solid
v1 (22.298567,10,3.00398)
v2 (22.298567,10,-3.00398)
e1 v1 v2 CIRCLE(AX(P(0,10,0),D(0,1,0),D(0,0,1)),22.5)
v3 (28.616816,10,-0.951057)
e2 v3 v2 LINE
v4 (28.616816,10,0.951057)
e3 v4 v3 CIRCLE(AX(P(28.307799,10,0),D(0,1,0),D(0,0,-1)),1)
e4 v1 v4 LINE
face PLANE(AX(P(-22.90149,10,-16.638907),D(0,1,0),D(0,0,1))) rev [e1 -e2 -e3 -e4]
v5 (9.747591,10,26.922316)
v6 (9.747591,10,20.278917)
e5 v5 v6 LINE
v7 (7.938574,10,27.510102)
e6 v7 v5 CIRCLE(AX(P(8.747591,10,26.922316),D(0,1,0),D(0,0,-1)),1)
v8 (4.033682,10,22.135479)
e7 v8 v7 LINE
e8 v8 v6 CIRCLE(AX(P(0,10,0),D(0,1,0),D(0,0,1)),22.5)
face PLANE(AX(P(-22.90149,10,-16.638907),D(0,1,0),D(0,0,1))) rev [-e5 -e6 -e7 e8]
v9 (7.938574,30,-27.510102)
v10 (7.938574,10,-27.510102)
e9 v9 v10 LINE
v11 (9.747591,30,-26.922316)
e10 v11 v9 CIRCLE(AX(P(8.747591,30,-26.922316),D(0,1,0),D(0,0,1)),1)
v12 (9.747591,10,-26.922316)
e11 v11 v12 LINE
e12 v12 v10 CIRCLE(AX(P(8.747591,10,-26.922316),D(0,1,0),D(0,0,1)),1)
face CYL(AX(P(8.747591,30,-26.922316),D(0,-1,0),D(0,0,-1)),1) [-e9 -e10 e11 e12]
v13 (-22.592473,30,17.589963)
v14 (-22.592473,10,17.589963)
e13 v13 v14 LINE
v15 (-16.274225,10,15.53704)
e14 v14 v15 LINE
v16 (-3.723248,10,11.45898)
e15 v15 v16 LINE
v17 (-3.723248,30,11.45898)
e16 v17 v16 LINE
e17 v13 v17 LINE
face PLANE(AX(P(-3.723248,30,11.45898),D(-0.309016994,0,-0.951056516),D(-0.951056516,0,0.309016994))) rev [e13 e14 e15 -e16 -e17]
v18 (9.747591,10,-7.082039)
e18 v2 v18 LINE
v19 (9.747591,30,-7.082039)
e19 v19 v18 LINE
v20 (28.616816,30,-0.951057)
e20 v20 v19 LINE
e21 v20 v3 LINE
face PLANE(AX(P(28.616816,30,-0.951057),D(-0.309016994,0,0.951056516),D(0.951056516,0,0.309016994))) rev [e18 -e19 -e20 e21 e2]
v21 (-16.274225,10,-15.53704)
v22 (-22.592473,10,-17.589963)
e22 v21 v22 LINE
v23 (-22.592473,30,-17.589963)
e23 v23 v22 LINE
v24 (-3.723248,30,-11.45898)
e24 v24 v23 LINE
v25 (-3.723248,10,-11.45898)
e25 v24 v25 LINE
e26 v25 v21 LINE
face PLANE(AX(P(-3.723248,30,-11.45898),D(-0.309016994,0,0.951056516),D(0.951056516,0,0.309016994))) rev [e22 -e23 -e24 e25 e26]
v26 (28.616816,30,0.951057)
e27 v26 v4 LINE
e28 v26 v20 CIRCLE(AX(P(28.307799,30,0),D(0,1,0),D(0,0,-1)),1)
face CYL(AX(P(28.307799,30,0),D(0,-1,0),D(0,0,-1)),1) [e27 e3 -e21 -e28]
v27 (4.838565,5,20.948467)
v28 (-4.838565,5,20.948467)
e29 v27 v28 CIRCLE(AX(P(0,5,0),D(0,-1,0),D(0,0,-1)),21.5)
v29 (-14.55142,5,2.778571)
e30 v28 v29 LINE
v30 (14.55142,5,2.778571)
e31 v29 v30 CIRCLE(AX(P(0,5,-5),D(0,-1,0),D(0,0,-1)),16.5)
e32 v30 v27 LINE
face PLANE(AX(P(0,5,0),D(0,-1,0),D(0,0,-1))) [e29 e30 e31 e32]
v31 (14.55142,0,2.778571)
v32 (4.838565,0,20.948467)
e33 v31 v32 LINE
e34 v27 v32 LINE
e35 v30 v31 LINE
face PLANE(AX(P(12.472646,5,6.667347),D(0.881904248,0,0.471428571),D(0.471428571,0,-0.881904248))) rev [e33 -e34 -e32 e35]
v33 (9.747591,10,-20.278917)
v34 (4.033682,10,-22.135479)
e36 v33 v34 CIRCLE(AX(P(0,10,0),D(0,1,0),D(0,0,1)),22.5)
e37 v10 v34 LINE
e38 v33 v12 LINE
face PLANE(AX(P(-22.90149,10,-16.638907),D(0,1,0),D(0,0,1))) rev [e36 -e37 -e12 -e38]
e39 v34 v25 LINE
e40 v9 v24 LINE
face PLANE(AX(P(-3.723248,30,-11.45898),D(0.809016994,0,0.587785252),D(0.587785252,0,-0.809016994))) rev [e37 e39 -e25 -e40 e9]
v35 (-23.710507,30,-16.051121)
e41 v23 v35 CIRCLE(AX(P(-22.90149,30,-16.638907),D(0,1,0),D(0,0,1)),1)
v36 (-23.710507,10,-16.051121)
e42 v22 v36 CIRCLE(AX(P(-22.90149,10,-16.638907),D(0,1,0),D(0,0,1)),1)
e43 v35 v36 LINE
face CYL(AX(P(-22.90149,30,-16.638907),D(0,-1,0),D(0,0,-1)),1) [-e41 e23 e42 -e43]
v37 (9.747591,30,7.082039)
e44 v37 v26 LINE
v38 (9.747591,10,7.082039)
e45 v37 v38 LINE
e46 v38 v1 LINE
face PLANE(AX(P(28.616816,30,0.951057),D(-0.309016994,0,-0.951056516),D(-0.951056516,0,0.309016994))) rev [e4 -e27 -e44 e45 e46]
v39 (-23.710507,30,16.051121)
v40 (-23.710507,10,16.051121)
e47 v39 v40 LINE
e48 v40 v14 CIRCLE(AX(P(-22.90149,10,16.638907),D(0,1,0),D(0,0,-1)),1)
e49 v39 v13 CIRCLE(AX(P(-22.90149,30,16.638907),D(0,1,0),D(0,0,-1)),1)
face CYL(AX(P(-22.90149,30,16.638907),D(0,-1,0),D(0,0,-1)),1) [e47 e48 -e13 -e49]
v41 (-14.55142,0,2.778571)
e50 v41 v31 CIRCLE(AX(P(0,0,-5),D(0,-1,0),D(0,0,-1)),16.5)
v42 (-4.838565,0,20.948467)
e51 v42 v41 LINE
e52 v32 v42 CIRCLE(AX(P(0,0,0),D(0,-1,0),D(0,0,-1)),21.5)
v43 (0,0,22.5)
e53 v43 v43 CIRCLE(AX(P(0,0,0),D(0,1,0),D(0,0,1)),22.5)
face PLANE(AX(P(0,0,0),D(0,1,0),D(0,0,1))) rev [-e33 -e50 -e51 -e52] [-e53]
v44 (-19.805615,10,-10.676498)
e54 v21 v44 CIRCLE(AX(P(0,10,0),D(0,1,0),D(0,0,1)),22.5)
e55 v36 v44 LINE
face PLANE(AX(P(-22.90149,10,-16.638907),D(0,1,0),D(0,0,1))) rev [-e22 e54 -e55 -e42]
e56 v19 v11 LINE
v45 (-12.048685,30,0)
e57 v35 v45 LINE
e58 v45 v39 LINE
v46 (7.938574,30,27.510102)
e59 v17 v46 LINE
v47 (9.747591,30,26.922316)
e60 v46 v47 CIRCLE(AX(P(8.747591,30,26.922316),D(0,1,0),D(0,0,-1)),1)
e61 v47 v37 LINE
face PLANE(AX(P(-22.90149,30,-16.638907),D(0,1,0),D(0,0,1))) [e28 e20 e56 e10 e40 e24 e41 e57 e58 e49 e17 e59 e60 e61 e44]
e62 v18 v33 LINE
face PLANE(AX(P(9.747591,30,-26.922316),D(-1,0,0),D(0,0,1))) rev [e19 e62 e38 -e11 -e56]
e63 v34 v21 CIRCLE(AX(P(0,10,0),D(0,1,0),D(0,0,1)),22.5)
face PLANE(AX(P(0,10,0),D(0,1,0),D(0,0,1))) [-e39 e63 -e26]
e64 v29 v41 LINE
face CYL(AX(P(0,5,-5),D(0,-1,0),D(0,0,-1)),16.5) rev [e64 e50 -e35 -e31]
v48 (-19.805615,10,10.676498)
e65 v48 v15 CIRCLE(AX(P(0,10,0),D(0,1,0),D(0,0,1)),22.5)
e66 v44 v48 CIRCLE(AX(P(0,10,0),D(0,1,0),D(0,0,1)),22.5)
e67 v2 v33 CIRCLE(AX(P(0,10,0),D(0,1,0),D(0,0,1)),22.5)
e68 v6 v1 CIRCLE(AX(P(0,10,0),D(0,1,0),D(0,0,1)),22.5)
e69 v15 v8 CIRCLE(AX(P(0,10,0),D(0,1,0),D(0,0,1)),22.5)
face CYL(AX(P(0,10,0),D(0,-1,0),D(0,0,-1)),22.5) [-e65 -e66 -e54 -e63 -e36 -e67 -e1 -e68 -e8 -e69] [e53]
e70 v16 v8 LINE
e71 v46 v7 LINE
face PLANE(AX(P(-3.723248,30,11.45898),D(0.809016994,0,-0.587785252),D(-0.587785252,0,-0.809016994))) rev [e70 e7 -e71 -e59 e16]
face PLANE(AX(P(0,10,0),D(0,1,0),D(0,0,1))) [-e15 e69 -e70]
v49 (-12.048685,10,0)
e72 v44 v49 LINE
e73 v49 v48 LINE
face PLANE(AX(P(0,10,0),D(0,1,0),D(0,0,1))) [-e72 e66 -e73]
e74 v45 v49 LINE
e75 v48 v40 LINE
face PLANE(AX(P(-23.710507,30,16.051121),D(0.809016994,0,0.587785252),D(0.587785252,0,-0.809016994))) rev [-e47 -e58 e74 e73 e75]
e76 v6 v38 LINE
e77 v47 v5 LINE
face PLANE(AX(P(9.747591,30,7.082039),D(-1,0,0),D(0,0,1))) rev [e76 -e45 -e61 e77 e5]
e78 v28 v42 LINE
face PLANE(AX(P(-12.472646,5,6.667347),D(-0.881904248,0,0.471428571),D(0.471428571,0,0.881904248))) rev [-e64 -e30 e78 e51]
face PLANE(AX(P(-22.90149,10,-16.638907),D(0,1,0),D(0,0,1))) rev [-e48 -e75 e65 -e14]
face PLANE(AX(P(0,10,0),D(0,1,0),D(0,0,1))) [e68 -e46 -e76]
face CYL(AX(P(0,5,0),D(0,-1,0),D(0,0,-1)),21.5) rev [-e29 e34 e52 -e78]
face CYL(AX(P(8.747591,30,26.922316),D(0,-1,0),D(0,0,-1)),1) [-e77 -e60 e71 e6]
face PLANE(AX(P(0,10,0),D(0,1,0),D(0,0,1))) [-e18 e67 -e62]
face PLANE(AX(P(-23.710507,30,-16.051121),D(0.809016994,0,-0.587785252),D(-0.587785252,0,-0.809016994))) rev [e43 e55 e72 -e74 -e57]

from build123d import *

# Parameters (mm, degrees)
SKETCH1_R           = 22.5
BOSS_EXTRUDE1_DEPTH = 10
BOSS_EXTRUDE2_DEPTH = 20
SKETCH3_R           = 16.5
CUT_EXTRUDE2_DEPTH  = 5


with BuildPart() as part:
    # Sketch1 → Boss-Extrude1 (new body)
    with BuildSketch(Plane(origin=(0, 0, 0), x_dir=(1, 0, 0), z_dir=(0, 1, 0))):
        Circle(SKETCH1_R)
    extrude(amount=BOSS_EXTRUDE1_DEPTH)

    # Sketch2 → Boss-Extrude2 (add)
    with BuildSketch(Plane(origin=(0, 10, 0), x_dir=(1, 0, 0), z_dir=(0, 1, 0))):
        with BuildLine():
            Line((9.747590887, 26.922316463), (9.747590887, 7.082039325))
            Line((9.747590887, 7.082039325), (28.616815744, 0.951056516))
            ThreePointArc((28.616815744, 0.951056516), (29.30779875, 0), (28.616815744, -0.951056516))
            Line((28.616815744, -0.951056516), (9.747590887, -7.082039325))
            Line((9.747590887, -7.082039325), (9.747590887, -26.922316463))
            ThreePointArc((9.747590887, -26.922316463), (9.056607881, -27.873372979), (7.938573893, -27.510101715))
            Line((7.938573893, -27.510101715), (-3.72324841, -11.458980338))
            Line((-3.72324841, -11.458980338), (-22.592473267, -17.589963146))
            ThreePointArc((-22.592473267, -17.589963146), (-23.710507256, -17.226691882), (-23.710507256, -16.051121378))
            Line((-23.710507256, -16.051121378), (-12.048684953, 0))
            Line((-12.048684953, 0), (-23.710507256, 16.051121378))
            ThreePointArc((-23.710507256, 16.051121378), (-23.710507256, 17.226691882), (-22.592473267, 17.589963146))
            Line((-22.592473267, 17.589963146), (-3.72324841, 11.458980338))
            Line((-3.72324841, 11.458980338), (7.938573893, 27.510101715))
            ThreePointArc((7.938573893, 27.510101715), (9.056607881, 27.873372979), (9.747590887, 26.922316463))
        make_face()
    extrude(amount=BOSS_EXTRUDE2_DEPTH)

    # Sketch3 → Cut-Extrude2 (cut)
    with BuildSketch(Plane.XZ):
        with BuildLine():
            ThreePointArc((-14.551420086, 2.778571429), (0, 11.5), (14.551420086, 2.778571429))
            Line((14.551420086, 2.778571429), (4.83856504, 20.948467447))
            ThreePointArc((4.83856504, 20.948467447), (0, 21.5), (-4.83856504, 20.948467447))
            Line((-4.83856504, 20.948467447), (-14.551420086, 2.778571429))
        make_face()
        with Locations((0, -5)):
            Circle(SKETCH3_R)
    extrude(amount=-CUT_EXTRUDE2_DEPTH, mode=Mode.SUBTRACT)


solid = part.part
